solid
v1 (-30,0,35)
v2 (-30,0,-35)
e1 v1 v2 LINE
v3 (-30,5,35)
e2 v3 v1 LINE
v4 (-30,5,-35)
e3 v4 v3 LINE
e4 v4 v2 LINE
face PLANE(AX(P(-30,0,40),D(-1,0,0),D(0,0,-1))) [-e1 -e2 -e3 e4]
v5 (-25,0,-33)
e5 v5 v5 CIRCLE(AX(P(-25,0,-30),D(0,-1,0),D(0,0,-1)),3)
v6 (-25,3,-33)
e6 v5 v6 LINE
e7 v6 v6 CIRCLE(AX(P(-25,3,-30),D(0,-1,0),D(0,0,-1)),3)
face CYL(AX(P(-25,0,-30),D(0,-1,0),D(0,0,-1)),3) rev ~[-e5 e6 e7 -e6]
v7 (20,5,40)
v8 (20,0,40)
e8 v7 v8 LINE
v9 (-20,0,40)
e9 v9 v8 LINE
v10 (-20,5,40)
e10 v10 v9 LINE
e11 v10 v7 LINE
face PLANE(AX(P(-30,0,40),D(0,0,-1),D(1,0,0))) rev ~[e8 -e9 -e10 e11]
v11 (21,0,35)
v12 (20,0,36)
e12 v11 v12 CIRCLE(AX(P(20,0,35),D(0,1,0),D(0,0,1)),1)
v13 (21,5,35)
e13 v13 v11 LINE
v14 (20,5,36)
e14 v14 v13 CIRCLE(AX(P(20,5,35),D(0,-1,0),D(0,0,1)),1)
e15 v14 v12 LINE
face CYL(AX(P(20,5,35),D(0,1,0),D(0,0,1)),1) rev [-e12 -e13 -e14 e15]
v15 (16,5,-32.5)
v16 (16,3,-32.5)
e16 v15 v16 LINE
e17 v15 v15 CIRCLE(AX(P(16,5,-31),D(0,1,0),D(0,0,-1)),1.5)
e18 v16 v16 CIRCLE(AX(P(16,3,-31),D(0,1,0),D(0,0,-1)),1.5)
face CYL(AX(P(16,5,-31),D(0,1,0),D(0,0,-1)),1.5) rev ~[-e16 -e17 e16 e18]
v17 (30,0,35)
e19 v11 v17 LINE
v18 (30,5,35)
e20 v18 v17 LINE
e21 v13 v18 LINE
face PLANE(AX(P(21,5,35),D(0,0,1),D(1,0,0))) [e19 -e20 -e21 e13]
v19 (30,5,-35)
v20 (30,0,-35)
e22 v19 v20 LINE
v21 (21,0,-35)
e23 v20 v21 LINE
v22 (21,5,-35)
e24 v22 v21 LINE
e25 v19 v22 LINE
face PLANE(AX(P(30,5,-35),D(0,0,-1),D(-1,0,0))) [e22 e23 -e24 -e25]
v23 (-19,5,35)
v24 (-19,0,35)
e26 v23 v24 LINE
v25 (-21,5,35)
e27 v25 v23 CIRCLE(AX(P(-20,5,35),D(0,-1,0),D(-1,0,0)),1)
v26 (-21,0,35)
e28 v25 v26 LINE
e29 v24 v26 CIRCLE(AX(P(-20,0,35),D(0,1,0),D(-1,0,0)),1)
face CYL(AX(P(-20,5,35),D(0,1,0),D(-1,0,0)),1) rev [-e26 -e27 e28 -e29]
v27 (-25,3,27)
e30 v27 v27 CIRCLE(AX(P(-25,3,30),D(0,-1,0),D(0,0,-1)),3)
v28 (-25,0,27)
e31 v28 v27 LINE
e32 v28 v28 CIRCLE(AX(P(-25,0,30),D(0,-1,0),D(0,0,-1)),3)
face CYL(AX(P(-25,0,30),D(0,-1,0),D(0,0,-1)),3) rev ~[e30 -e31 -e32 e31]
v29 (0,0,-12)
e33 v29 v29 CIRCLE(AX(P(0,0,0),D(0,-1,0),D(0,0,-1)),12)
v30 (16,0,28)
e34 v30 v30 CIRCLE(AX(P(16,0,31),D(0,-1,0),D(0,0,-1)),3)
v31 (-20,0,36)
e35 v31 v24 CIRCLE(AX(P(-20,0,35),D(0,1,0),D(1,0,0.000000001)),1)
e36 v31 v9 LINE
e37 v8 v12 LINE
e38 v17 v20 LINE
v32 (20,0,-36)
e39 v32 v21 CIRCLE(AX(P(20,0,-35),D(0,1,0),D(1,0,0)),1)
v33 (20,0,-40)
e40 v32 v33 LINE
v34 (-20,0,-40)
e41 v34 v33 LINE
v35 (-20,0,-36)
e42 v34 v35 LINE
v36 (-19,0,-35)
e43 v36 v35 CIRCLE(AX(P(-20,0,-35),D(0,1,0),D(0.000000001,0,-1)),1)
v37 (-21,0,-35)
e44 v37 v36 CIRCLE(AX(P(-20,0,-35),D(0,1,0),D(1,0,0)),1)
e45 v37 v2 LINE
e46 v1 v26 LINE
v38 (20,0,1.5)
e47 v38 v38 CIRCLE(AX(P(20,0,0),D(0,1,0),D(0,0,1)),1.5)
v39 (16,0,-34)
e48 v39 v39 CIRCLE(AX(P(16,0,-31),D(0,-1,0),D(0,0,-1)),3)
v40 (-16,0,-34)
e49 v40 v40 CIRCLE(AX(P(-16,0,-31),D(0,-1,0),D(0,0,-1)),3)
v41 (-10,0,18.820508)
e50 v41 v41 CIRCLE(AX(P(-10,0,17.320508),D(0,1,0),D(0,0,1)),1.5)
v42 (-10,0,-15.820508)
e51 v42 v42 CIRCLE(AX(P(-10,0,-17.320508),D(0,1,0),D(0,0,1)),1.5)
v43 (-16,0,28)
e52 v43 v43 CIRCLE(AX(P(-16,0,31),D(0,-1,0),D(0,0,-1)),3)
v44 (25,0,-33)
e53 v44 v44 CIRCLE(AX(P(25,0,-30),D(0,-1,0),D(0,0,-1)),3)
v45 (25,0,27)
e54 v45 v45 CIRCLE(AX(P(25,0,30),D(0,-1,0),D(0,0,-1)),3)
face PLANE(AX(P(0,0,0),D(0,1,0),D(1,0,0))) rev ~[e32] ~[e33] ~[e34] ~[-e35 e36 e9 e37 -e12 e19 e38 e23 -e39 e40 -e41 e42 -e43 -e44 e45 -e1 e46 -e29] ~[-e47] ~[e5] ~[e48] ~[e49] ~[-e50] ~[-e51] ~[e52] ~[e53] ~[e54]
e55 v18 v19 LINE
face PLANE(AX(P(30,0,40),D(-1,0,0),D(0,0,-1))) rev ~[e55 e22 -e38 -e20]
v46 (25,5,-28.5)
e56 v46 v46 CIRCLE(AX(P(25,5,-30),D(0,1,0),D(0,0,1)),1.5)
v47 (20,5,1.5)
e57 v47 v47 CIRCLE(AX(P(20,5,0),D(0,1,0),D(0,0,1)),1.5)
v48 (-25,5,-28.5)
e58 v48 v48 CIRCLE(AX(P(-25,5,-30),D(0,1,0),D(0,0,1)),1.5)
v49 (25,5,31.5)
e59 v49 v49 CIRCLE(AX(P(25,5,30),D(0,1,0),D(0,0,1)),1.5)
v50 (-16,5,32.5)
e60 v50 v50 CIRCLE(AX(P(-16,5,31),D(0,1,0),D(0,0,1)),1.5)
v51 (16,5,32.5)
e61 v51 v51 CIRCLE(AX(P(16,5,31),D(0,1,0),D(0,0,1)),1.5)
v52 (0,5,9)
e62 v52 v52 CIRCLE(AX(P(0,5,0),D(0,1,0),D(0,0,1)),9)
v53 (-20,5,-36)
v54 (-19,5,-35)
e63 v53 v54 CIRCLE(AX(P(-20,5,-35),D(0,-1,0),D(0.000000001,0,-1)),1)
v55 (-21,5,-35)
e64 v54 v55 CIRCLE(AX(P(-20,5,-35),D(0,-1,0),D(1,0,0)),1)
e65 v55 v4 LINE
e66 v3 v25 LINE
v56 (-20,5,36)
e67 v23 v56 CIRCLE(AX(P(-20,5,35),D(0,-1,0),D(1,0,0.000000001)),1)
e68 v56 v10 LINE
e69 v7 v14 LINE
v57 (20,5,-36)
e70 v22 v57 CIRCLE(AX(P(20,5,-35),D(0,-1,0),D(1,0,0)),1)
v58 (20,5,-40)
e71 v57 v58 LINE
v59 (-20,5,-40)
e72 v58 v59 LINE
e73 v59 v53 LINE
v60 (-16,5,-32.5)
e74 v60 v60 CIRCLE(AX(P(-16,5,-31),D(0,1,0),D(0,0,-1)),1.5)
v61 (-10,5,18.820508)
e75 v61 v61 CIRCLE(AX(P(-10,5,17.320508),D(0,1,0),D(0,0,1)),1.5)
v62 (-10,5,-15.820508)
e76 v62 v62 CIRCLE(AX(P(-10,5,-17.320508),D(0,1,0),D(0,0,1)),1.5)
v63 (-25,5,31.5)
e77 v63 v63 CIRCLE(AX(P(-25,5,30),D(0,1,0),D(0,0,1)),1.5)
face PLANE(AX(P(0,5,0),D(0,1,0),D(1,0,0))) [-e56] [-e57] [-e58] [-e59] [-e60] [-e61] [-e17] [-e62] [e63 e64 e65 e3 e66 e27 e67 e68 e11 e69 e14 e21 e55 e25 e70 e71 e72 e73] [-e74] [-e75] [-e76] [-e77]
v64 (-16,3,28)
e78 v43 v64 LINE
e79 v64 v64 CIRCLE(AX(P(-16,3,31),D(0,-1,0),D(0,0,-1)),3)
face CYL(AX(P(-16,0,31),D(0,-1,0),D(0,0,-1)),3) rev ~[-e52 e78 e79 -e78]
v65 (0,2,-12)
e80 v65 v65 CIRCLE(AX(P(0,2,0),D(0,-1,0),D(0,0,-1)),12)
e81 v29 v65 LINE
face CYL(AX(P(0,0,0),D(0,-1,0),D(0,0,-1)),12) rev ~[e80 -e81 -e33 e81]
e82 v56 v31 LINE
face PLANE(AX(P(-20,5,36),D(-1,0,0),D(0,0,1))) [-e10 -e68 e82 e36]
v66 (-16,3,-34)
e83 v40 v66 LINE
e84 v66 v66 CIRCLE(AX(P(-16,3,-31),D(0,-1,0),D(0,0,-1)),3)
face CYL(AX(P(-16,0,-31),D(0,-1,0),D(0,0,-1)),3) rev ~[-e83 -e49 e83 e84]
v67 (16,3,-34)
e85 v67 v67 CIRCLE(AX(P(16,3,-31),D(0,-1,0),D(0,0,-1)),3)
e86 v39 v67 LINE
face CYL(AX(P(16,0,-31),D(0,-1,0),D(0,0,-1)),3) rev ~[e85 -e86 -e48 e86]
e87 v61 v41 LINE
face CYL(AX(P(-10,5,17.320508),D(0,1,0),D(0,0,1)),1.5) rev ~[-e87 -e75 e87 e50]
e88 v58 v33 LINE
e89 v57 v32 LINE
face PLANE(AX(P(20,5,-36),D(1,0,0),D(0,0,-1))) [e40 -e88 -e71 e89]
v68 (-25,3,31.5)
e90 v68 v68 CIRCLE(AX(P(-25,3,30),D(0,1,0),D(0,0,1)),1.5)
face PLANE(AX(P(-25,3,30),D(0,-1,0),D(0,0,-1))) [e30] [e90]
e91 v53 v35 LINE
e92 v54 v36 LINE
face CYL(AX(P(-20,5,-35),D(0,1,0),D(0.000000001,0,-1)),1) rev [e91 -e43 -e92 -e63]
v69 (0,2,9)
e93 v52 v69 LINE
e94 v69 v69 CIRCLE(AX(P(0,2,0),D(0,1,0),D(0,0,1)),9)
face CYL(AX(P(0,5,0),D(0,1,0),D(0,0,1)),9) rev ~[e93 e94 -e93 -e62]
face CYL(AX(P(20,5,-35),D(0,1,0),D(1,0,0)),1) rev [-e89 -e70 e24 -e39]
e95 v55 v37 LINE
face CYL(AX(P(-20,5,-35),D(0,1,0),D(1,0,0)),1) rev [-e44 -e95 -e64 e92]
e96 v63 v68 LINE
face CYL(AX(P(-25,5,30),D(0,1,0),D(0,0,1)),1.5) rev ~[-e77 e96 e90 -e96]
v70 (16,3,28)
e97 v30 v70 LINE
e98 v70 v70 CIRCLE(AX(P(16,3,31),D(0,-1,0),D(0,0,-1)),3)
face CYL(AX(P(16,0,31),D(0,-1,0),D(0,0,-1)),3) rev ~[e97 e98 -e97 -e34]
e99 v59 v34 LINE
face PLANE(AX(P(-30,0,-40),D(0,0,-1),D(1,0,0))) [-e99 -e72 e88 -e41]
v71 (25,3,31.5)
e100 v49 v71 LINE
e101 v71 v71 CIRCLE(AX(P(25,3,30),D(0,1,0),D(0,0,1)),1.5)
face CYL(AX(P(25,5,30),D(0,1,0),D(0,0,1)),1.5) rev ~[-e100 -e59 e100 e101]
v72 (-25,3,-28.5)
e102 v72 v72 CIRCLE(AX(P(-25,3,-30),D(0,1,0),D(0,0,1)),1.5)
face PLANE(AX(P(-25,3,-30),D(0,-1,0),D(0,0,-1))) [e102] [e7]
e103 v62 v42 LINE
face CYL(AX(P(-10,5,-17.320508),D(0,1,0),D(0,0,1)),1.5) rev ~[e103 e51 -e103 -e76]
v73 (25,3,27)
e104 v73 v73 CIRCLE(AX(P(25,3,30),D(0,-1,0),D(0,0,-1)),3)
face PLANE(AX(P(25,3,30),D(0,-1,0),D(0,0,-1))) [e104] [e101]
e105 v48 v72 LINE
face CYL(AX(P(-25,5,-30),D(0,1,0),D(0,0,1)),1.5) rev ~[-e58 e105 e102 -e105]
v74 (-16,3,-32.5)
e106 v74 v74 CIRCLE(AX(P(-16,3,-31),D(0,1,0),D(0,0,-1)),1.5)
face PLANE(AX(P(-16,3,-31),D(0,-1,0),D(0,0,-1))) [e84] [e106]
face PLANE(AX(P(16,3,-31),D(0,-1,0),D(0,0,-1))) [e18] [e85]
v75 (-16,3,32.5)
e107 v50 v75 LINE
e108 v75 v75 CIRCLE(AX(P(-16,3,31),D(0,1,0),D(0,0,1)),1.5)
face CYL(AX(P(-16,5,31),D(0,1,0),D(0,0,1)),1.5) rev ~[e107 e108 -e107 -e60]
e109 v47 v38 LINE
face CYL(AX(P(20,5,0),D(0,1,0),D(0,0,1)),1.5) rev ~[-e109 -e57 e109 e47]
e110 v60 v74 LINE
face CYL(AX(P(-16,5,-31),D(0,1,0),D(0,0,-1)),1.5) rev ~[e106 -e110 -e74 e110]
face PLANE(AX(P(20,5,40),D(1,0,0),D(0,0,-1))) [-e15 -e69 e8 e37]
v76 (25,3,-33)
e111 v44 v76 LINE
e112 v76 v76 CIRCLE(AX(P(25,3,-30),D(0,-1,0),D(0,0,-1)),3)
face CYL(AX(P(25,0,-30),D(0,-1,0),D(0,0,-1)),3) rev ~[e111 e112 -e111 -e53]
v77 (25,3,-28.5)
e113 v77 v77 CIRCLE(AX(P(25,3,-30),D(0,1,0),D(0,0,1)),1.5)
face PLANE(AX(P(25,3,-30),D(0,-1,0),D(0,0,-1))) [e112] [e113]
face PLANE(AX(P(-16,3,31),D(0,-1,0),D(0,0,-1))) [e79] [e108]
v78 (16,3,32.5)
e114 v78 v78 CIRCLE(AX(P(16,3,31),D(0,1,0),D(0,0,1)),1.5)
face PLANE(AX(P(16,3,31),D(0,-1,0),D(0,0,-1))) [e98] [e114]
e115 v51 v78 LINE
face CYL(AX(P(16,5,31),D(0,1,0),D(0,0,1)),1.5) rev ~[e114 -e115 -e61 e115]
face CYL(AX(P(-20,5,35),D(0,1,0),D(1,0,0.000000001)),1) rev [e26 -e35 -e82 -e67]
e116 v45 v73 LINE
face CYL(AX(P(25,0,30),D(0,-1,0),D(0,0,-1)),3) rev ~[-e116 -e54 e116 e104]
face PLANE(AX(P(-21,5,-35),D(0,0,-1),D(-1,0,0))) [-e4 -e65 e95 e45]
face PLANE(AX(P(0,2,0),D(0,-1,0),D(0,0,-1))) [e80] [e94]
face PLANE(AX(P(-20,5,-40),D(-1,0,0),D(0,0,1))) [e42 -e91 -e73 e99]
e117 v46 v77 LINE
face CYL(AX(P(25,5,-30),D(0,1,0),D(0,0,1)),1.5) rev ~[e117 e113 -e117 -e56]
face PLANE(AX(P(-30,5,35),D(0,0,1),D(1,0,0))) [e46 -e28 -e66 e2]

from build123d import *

# Parameters (mm, degrees)
SKETCH_1_W          = 60
SKETCH_1_H          = 80
EXTRUDE_1_DEPTH     = 5
SKETCH_2_R          = 1.5
SKETCH_2_R_2        = 9
CUT_EXTRUDE_1_DEPTH = 51.249378106
SKETCH_3_R          = 1.5
CUT_EXTRUDE_2_DEPTH = 51.249378106
SKETCH_4_R          = 3
CUT_EXTRUDE_3_DEPTH = 3
SKETCH_5_OUTSIDE_W  = 82.024
SKETCH_5_OUTSIDE_H  = 102.024
SKETCH_5_OUTSIDE_R  = 1.5
CUT_EXTRUDE_4_DEPTH = 51.249378106
SKETCH_6_R          = 12
CUT_EXTRUDE_5_DEPTH = 2


with BuildPart() as part:
    # 草图1 → 凸台-拉伸1 (new body)
    with BuildSketch(Plane(origin=(0, 0, 0), x_dir=(1, 0, 0), z_dir=(0, 1, 0))):
        Rectangle(SKETCH_1_W, SKETCH_1_H)
    extrude(amount=EXTRUDE_1_DEPTH)

    # 草图2 → 切除-拉伸1 (cut, through all)
    with BuildSketch(Plane(origin=(0, 5, 0), x_dir=(1, 0, 0), z_dir=(0, 1, 0))):
        with Locations(Location((20, 0, 0), (0, 0, 270))):
            Circle(SKETCH_2_R)
        with Locations(Location((-10, -17.320508076, 0), (0, 0, 270))):
            Circle(SKETCH_2_R)
        with Locations(Location((-10, 17.320508076, 0), (0, 0, 270))):
            Circle(SKETCH_2_R)
        with Locations(Location((0, 0, 0), (0, 0, 270))):
            Circle(SKETCH_2_R_2)
    extrude(amount=-CUT_EXTRUDE_1_DEPTH, mode=Mode.SUBTRACT)

    # 草图3 → 切除-拉伸2 (cut, through all)
    with BuildSketch(Plane(origin=(0, 5, 0), x_dir=(1, 0, 0), z_dir=(0, 1, 0))):
        with Locations(Location((-25, 30, 0), (0, 0, 270))):
            Circle(SKETCH_3_R)
        with Locations(Location((25, 30, 0), (0, 0, 270))):
            Circle(SKETCH_3_R)
        with Locations(Location((-25, -30, 0), (0, 0, 270))):
            Circle(SKETCH_3_R)
        with Locations(Location((25, -30, 0), (0, 0, 270))):
            Circle(SKETCH_3_R)
        with Locations(Location((-16, -31, 0), (0, 0, 270))):
            Circle(SKETCH_3_R)
        with Locations(Location((16, -31, 0), (0, 0, 270))):
            Circle(SKETCH_3_R)
        with Locations(Location((16, 31, 0), (0, 0, 90))):
            Circle(SKETCH_3_R)
        with Locations(Location((-16, 31, 0), (0, 0, 90))):
            Circle(SKETCH_3_R)
    extrude(amount=-CUT_EXTRUDE_2_DEPTH, mode=Mode.SUBTRACT)

    # 草图4 → 切除-拉伸3 (cut)
    with BuildSketch(Plane.XZ):
        with Locations(Location((-25, 30, 0), (0, 0, 270))):
            Circle(SKETCH_4_R)
        with Locations(Location((25, 30, 0), (0, 0, 270))):
            Circle(SKETCH_4_R)
        with Locations(Location((25, -30, 0), (0, 0, 270))):
            Circle(SKETCH_4_R)
        with Locations(Location((-25, -30, 0), (0, 0, 270))):
            Circle(SKETCH_4_R)
        with Locations(Location((-16, 31, 0), (0, 0, 270))):
            Circle(SKETCH_4_R)
        with Locations(Location((16, 31, 0), (0, 0, 270))):
            Circle(SKETCH_4_R)
        with Locations(Location((-16, -31, 0), (0, 0, 270))):
            Circle(SKETCH_4_R)
        with Locations(Location((16, -31, 0), (0, 0, 270))):
            Circle(SKETCH_4_R)
    extrude(amount=-CUT_EXTRUDE_3_DEPTH, mode=Mode.SUBTRACT)

    # 草图5 outside → 切除-拉伸4 (cut, through all)
    # profile 1 of 8: a face of its own
    with BuildSketch(Plane(origin=(0, 5, 0), x_dir=(1, 0, 0), z_dir=(0, 1, 0))):
        Rectangle(SKETCH_5_OUTSIDE_W, SKETCH_5_OUTSIDE_H)
        with BuildLine():
            Line((-20, -36), (-20, -40))
            Line((-20, -40), (20, -40))
            Line((20, -40), (20, -36))
            ThreePointArc((20, -36), (19.292893219, -34.292893219), (21, -35))
            Line((21, -35), (30, -35))
            Line((30, -35), (30, 35))
            Line((30, 35), (21, 35))
            ThreePointArc((21, 35), (19.292893219, 34.292893219), (20, 36))
            Line((20, 36), (20, 40))
            Line((20, 40), (-20, 40))
            Line((-20, 40), (-20, 36))
            ThreePointArc((-20, 36), (-19.292893219, 35.707106781), (-19, 35))
            ThreePointArc((-19, 35), (-20, 34), (-21, 35))
            Line((-21, 35), (-30, 35))
            Line((-30, 35), (-30, -35))
            Line((-30, -35), (-21, -35))
            ThreePointArc((-21, -35), (-20, -34), (-19, -35))
            ThreePointArc((-19, -35), (-19.292893219, -35.707106781), (-20, -36))
        make_face(mode=Mode.SUBTRACT)
    # profile 2 of 8: a face of its own
    with BuildSketch(Plane(origin=(0, 5, 0), x_dir=(1, 0, 0), z_dir=(0, 1, 0))):
        with Locations(Location((-25, -30, 0), (0, 0, 270))):
            Circle(SKETCH_5_OUTSIDE_R)
    # profile 3 of 8: a face of its own
    with BuildSketch(Plane(origin=(0, 5, 0), x_dir=(1, 0, 0), z_dir=(0, 1, 0))):
        with Locations(Location((-10, -17.320508076, 0), (0, 0, 270))):
            Circle(SKETCH_5_OUTSIDE_R)
    # profile 4 of 8: a face of its own
    with BuildSketch(Plane(origin=(0, 5, 0), x_dir=(1, 0, 0), z_dir=(0, 1, 0))):
        with Locations(Location((25, -30, 0), (0, 0, 270))):
            Circle(SKETCH_5_OUTSIDE_R)
    # profile 5 of 8: a face of its own
    with BuildSketch(Plane(origin=(0, 5, 0), x_dir=(1, 0, 0), z_dir=(0, 1, 0))):
        with Locations(Location((20, 0, 0), (0, 0, 270))):
            Circle(SKETCH_5_OUTSIDE_R)
    # profile 6 of 8: a face of its own
    with BuildSketch(Plane(origin=(0, 5, 0), x_dir=(1, 0, 0), z_dir=(0, 1, 0))):
        with Locations(Location((-10, 17.320508076, 0), (0, 0, 270))):
            Circle(SKETCH_5_OUTSIDE_R)
    # profile 7 of 8: a face of its own
    with BuildSketch(Plane(origin=(0, 5, 0), x_dir=(1, 0, 0), z_dir=(0, 1, 0))):
        with Locations(Location((-25, 30, 0), (0, 0, 270))):
            Circle(SKETCH_5_OUTSIDE_R)
    # profile 8 of 8: a face of its own
    with BuildSketch(Plane(origin=(0, 5, 0), x_dir=(1, 0, 0), z_dir=(0, 1, 0))):
        with Locations(Location((25, 30, 0), (0, 0, 270))):
            Circle(SKETCH_5_OUTSIDE_R)
    extrude(amount=-CUT_EXTRUDE_4_DEPTH, mode=Mode.SUBTRACT)

    # 草图6 → 切除-拉伸5 (cut)
    with BuildSketch(Plane.XZ):
        with Locations(Location((0, 0, 0), (0, 0, 270))):
            Circle(SKETCH_6_R)
    extrude(amount=-CUT_EXTRUDE_5_DEPTH, mode=Mode.SUBTRACT)


solid = part.part
